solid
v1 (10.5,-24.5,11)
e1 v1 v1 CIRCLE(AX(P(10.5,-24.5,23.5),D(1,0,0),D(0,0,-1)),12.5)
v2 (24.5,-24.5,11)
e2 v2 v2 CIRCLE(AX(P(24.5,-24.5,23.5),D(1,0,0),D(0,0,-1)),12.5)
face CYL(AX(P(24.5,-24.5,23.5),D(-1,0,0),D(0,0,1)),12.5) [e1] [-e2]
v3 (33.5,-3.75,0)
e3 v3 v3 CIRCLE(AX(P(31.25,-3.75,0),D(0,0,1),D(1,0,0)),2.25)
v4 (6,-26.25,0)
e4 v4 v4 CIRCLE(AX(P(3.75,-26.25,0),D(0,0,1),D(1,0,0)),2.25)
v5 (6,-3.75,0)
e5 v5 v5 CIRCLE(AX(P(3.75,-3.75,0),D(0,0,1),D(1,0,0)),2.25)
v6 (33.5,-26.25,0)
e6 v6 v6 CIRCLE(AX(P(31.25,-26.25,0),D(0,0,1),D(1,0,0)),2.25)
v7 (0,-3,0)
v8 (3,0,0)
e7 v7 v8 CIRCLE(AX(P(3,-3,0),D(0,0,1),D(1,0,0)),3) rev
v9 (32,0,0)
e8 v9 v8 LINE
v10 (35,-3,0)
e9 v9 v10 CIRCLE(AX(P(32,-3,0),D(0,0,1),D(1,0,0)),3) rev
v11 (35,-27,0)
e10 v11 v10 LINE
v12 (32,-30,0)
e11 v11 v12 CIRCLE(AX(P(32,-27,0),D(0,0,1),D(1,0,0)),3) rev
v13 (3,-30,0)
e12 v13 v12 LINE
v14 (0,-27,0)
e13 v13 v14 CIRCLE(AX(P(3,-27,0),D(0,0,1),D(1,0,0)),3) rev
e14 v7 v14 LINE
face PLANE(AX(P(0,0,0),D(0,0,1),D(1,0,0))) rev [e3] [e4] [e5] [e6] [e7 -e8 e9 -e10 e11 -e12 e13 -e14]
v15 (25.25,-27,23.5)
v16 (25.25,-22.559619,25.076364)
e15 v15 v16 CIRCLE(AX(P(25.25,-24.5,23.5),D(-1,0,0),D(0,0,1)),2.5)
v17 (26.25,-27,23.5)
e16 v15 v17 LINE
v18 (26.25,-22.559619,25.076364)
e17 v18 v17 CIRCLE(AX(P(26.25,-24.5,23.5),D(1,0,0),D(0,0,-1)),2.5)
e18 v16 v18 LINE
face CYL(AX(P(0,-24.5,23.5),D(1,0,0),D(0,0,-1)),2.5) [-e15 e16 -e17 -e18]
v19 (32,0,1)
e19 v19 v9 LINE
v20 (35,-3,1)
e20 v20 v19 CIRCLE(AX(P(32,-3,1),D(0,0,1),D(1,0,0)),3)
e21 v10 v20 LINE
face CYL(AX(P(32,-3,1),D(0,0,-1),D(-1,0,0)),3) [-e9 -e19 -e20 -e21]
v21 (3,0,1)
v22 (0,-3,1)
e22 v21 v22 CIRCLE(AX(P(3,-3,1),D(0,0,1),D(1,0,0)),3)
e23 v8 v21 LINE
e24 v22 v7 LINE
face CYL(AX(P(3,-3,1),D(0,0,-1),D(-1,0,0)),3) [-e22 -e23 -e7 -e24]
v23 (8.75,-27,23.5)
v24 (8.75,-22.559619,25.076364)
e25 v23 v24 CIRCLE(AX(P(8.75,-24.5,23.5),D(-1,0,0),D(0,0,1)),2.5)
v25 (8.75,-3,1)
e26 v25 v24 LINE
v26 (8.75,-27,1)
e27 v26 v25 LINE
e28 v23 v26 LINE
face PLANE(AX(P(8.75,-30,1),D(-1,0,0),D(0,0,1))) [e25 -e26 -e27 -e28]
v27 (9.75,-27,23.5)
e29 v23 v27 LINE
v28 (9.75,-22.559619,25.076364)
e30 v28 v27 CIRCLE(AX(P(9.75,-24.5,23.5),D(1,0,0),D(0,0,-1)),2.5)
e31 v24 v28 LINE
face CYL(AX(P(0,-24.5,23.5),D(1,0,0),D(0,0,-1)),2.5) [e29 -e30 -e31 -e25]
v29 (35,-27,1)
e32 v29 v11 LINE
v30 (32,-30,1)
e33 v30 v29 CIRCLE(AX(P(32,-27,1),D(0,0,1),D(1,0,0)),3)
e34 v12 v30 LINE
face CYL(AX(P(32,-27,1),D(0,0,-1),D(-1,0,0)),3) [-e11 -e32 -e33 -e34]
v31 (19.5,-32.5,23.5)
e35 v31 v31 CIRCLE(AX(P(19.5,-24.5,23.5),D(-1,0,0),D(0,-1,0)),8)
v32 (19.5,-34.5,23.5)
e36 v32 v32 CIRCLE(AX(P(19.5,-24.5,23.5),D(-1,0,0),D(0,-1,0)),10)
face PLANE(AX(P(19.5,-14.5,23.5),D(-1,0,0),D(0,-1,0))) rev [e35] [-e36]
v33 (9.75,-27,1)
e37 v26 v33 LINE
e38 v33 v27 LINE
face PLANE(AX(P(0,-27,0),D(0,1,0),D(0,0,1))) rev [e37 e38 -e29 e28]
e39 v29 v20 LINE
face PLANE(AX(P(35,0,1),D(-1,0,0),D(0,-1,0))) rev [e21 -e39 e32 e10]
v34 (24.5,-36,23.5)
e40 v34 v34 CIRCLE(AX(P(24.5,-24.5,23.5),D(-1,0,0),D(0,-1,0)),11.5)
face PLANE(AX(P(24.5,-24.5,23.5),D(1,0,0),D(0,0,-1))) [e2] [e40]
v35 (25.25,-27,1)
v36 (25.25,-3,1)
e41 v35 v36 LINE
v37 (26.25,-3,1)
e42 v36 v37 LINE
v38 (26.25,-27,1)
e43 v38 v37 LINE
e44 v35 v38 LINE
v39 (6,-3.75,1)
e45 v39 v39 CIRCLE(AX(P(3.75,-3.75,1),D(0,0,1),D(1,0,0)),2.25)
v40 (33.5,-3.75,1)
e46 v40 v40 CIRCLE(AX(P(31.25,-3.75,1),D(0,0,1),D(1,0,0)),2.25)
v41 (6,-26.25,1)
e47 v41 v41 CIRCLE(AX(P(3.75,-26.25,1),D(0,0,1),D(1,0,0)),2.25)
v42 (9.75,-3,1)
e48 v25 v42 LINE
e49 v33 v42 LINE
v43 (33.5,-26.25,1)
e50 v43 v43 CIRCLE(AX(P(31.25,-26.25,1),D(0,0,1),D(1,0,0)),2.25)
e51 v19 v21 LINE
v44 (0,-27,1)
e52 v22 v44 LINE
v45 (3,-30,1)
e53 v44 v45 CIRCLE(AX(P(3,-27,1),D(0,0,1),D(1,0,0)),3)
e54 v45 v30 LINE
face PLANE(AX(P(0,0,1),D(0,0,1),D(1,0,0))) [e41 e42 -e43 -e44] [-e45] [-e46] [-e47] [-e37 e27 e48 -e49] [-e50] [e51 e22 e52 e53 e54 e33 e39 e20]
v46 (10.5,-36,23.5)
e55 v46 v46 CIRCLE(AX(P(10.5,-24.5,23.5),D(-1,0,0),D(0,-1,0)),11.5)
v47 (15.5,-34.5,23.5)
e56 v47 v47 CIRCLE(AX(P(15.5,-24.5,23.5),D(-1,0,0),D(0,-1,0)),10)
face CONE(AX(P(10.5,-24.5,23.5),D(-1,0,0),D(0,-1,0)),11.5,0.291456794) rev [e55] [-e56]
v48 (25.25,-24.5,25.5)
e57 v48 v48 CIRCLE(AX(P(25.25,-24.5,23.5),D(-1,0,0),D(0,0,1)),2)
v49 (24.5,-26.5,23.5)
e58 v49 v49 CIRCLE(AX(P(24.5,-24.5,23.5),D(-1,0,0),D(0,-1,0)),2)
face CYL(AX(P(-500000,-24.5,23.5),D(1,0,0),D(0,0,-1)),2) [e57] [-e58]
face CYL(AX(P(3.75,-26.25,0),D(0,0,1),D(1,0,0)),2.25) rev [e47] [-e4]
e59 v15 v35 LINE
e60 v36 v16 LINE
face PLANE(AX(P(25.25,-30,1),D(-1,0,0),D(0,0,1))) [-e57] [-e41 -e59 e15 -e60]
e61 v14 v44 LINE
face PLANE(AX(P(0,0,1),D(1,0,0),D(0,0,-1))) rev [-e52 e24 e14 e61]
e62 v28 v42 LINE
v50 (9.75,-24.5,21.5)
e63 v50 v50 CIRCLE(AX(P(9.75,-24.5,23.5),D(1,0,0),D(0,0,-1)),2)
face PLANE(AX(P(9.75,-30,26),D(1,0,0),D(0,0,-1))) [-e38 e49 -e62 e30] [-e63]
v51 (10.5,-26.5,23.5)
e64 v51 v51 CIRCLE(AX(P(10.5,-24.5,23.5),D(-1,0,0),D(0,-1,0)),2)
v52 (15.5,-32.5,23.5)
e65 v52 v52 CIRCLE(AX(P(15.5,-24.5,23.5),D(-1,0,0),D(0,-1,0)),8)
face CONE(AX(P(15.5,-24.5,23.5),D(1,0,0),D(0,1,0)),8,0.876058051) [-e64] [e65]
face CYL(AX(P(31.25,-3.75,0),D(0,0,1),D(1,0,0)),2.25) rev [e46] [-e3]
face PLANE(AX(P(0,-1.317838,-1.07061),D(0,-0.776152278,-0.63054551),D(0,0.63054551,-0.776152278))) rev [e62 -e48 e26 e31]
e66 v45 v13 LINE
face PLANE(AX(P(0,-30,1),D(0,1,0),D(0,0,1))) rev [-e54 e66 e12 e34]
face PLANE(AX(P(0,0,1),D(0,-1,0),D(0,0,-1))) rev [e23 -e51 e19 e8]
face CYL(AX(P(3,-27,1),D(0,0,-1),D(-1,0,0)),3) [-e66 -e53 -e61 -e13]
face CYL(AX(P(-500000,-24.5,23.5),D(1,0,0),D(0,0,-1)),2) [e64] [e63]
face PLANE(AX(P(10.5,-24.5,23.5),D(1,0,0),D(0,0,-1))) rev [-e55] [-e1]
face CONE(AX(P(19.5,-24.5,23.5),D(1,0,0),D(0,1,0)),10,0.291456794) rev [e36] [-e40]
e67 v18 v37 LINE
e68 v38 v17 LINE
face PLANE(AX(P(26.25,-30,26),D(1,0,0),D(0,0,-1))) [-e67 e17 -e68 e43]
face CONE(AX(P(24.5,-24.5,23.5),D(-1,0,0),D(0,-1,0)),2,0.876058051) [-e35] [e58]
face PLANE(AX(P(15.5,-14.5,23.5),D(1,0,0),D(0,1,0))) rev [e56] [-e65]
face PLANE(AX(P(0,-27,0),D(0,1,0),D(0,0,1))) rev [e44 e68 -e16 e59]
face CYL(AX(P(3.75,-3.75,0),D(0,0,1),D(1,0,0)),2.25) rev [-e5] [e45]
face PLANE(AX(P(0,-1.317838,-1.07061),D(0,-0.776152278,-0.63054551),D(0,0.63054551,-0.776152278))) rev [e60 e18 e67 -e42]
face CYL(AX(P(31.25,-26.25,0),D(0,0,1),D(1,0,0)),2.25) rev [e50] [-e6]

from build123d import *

# Parameters (mm, degrees)
SKETCH_1_W          = 35
SKETCH_1_H          = 30
EXTRUDE_1_DEPTH     = 1
FILLET_1_R          = 3
SKETCH_2_R          = 2.25
CUT_EXTRUDE_1_DEPTH = 2
SKETCH_3_W          = 1
SKETCH_3_H          = 25
EXTRUDE_2_DEPTH     = 30
CUT_EXTRUDE_2_DEPTH = 27.25
EXTRUDE_3_REACH     = 27.25
SKETCH_5_R          = 2
SKETCH_6_R          = 12.5
EXTRUDE_4_DEPTH     = 7


with BuildPart() as part:
    # ｽｹｯﾁ1 → ﾎﾞｽ - 押し出し1 (new body)
    with BuildSketch(Plane.XY):
        with Locations((17.5, -15)):
            Rectangle(SKETCH_1_W, SKETCH_1_H)
    extrude(amount=EXTRUDE_1_DEPTH)

    # ﾌｨﾚｯﾄ1
    fillet_1_edges = [part.edges().sort_by_distance(p)[0] for p in [
        (0, 0, 0.5),
        (35, 0, 0.5),
        (35, -30, 0.5),
        (0, -30, 0.5),
    ]]
    fillet(fillet_1_edges, radius=FILLET_1_R)

    # ｽｹｯﾁ2 → ｶｯﾄ - 押し出し1 (cut, through all)
    with BuildSketch(Plane.XY.offset(1)):
        with Locations((31.25, -3.75)):
            Circle(SKETCH_2_R)
        with Locations((31.25, -26.25)):
            Circle(SKETCH_2_R)
        with Locations((3.75, -26.25)):
            Circle(SKETCH_2_R)
        with Locations((3.75, -3.75)):
            Circle(SKETCH_2_R)
    extrude(amount=-CUT_EXTRUDE_1_DEPTH, mode=Mode.SUBTRACT)

    # ｽｹｯﾁ3 → ﾎﾞｽ - 押し出し2 (add)
    with BuildSketch(Plane(origin=(0, 0, 0), x_dir=(1, 0, 0), z_dir=(0, 1, 0))):
        with Locations((9.25, -13.5)):
            Rectangle(SKETCH_3_W, SKETCH_3_H)
        with Locations((25.75, -13.5)):
            Rectangle(SKETCH_3_W, SKETCH_3_H)
    extrude(amount=-EXTRUDE_2_DEPTH)

    # ｽｹｯﾁ4 → ｶｯﾄ - 押し出し2 (cut, through all)
    with BuildSketch(Plane(origin=(26.25, 0, 0), x_dir=(0, 0, -1), z_dir=(1, 0, 0))):
        with BuildLine():
            ThreePointArc((-26, -24.5), (-25.757311392, -23.425502313), (-25.076363776, -22.559619304))
            Line((-25.076363776, -22.559619304), (-1, -3))
            Line((-1, -3), (-1, 0))
            Line((-1, 0), (-26, 0))
            Line((-26, 0), (-26, -24.5))
        make_face()
        with BuildLine():
            ThreePointArc((-23.5, -27), (-25.267766953, -26.267766953), (-26, -24.5))
            Line((-26, -24.5), (-26, -30))
            Line((-26, -30), (-1, -30))
            Line((-1, -30), (-1, -27))
            Line((-1, -27), (-23.5, -27))
        make_face()
    extrude(amount=-CUT_EXTRUDE_2_DEPTH, mode=Mode.SUBTRACT)

    # ｽｹｯﾁ5 → ﾎﾞｽ - 押し出し3 (add, up to next)
    with BuildSketch(Plane.ZY.offset(-25.25), mode=Mode.PRIVATE) as extrude_3_sk1:
        with Locations((23.5, -24.5)):
            Circle(SKETCH_5_R)
    extrude_3_tool1 = extrude(extrude_3_sk1.sketch, amount=EXTRUDE_3_REACH, mode=Mode.PRIVATE) - part.part
    add(extrude_3_tool1.solids().sort_by_distance((25.25, -24.5, 23.5))[0])

    # ｽｹｯﾁ6 → ﾎﾞｽ - 押し出し4 (add, symmetric)
    with BuildSketch(Plane(origin=(17.5, 0, 0), x_dir=(0, 0, -1), z_dir=(1, 0, 0))):
        with Locations((-23.5, -24.5)):
            Circle(SKETCH_6_R)
    extrude(amount=EXTRUDE_4_DEPTH, both=True)

    # ｽｹｯﾁ7 → ｶｯﾄ - 回転1 (revolve, cut)
    with BuildSketch(Plane(origin=(0, 0, 23.5), x_dir=(-1, 0, 0), z_dir=(0, 0, -1))):
        Polygon((-24.5, -13), (-19.5, -14.5), (-19.5, -16.5), (-24.5, -22.5), align=None)
        Polygon((-10.5, -13), (-15.5, -14.5), (-15.5, -16.5), (-10.5, -22.5), align=None)
    revolve(axis=Axis((-9.093978877, -24.5, 23.5), (1, 0, 0)), mode=Mode.SUBTRACT)


solid = part.part
